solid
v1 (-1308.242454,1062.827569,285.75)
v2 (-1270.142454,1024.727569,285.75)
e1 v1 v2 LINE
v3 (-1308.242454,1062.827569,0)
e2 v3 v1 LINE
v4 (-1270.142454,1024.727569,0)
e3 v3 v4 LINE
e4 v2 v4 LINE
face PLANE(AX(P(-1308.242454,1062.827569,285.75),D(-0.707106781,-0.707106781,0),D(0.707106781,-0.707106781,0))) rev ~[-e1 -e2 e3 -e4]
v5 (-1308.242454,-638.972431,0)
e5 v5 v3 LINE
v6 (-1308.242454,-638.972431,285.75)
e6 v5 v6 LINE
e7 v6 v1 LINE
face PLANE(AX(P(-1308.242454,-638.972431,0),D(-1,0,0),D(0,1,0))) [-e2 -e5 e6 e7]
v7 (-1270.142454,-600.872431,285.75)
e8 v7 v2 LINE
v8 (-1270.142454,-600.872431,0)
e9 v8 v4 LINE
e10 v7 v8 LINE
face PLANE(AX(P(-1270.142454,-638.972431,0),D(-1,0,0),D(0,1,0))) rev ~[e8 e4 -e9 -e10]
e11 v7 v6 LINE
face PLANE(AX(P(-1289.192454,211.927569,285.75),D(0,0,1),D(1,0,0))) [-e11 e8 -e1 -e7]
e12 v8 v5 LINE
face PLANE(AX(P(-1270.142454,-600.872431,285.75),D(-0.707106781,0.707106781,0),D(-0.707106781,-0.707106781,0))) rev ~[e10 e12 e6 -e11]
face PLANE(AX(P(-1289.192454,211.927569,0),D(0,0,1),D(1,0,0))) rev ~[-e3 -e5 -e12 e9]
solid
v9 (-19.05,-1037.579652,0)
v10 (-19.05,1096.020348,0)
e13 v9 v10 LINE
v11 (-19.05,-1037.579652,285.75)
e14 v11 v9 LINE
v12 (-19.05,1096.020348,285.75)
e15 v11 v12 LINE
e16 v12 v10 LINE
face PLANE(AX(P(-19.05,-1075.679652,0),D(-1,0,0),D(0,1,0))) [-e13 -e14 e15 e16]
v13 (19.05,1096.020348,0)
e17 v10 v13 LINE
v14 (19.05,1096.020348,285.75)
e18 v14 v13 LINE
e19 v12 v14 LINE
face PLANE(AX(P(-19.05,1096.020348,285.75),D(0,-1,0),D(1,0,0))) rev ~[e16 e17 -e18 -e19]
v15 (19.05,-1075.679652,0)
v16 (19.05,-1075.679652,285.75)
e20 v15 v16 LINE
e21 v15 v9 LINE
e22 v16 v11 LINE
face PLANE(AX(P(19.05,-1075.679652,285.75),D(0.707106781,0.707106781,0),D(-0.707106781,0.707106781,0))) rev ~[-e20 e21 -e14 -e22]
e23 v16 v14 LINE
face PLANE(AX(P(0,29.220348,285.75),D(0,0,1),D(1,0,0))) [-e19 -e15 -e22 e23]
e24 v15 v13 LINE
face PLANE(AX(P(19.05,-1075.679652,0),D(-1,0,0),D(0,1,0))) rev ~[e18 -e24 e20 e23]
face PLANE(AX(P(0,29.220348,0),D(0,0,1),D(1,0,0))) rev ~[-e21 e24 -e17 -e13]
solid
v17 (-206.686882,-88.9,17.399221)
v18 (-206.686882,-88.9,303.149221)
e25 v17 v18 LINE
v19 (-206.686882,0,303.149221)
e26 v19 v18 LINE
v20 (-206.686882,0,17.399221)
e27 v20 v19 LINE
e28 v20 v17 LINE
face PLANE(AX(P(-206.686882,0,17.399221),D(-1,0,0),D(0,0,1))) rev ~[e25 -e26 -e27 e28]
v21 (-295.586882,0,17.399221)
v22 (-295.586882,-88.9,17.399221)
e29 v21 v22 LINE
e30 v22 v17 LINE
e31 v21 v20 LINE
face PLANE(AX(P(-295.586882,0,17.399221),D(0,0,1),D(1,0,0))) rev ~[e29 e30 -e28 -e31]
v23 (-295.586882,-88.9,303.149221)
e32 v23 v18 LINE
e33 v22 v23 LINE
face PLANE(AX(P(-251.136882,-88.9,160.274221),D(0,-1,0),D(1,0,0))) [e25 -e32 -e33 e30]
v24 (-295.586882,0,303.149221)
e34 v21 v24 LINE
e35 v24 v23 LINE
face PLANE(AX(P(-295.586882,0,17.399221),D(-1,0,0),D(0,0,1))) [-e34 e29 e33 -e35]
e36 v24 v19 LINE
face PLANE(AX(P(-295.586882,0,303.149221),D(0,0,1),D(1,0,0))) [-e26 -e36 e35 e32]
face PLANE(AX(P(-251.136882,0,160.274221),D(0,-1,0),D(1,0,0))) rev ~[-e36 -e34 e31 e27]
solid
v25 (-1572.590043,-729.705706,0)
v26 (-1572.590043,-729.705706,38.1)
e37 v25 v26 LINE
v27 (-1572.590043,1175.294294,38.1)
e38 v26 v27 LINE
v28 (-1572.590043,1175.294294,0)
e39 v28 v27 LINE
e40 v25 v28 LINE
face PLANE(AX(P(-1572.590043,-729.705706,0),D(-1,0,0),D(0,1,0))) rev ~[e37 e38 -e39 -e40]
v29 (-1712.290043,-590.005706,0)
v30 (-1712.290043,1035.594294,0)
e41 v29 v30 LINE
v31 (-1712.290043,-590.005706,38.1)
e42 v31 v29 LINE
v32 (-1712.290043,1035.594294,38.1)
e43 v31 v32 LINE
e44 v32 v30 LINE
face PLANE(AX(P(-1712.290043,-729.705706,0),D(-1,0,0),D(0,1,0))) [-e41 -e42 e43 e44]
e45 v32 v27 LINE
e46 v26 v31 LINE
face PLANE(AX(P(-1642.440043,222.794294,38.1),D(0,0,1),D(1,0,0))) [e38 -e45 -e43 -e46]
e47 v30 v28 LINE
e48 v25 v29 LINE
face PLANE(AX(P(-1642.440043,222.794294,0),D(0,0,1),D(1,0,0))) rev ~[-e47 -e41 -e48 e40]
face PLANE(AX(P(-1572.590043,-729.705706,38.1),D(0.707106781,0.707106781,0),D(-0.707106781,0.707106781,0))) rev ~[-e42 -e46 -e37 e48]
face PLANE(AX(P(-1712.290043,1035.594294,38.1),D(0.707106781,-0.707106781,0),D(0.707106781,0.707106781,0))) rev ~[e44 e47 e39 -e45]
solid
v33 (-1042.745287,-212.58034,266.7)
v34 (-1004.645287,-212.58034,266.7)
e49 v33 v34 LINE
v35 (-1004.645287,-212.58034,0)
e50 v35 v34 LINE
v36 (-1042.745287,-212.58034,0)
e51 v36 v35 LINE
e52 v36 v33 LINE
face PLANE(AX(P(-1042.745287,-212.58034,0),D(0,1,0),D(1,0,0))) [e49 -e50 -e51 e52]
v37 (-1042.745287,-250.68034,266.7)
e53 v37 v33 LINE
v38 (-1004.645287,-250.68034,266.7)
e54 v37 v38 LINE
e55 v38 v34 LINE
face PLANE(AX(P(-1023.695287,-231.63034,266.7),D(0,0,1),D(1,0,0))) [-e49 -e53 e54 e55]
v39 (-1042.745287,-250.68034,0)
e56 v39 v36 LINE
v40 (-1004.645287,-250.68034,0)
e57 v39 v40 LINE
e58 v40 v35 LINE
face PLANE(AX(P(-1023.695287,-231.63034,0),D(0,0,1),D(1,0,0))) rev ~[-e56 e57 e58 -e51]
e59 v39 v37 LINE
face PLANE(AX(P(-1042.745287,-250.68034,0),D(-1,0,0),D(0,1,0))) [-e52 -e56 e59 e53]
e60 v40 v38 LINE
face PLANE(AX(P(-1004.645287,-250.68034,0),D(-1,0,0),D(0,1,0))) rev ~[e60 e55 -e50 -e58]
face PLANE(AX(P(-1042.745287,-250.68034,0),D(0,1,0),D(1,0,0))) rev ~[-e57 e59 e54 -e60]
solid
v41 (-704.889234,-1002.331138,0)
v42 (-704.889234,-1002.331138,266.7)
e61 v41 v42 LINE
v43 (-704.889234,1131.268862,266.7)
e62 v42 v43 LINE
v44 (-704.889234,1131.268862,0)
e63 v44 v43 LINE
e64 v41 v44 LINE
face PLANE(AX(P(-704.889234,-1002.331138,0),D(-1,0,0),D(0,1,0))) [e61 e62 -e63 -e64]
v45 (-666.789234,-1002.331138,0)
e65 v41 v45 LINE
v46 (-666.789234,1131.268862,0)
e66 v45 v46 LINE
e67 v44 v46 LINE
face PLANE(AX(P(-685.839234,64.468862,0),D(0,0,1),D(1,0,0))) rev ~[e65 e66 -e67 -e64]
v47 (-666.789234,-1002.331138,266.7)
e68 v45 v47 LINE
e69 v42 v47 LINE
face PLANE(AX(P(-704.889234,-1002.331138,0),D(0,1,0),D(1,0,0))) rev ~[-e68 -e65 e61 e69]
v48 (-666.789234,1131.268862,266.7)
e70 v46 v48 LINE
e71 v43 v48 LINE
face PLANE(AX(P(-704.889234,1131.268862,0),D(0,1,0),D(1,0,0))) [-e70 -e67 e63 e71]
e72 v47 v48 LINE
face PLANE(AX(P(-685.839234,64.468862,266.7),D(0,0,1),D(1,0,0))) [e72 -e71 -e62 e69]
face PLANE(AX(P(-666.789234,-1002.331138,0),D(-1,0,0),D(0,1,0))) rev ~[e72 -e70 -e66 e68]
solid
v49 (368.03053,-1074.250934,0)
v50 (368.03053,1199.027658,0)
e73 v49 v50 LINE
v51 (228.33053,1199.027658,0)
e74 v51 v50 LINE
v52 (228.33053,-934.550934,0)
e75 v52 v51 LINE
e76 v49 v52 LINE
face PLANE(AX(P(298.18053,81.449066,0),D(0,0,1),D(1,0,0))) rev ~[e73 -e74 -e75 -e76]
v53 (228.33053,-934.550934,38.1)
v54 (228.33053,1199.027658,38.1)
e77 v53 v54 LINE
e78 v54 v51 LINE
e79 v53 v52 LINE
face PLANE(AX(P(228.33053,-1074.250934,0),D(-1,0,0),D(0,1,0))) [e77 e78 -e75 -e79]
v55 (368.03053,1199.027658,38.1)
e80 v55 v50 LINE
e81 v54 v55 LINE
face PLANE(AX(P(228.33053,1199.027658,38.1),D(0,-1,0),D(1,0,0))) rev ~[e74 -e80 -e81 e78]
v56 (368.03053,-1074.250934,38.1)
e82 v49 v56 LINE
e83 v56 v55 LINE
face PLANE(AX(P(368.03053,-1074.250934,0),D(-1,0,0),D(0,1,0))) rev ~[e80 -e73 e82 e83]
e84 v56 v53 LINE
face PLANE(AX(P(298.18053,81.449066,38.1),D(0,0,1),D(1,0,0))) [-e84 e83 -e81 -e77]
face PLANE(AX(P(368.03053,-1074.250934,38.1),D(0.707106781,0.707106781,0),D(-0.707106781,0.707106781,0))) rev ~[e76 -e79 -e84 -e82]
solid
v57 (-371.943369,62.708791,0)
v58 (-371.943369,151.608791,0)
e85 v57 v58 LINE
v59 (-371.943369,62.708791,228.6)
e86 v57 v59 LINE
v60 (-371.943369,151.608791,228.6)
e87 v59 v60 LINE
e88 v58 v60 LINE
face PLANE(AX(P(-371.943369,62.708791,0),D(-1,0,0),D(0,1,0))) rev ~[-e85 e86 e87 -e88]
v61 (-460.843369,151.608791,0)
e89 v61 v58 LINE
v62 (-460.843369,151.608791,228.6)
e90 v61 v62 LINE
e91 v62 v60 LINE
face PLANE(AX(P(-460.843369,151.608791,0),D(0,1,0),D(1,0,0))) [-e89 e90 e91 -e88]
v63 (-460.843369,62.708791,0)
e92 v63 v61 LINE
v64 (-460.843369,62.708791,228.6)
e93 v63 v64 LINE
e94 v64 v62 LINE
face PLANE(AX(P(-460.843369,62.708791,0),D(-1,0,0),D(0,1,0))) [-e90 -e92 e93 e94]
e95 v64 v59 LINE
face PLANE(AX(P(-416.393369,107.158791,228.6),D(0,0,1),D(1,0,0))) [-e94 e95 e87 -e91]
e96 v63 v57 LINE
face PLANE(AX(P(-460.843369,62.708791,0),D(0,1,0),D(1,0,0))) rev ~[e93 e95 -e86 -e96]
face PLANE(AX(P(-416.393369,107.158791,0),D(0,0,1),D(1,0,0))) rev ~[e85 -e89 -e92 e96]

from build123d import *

# Parameters (mm, degrees)
F0_W      = 38.1
F0_H      = 2209.8
F1_DEPTH  = 285.75
F3_DEPTH  = 285.751
F4_W      = 38.1
F4_H      = 1701.8
F5_DEPTH  = 285.75
F7_DEPTH  = 285.751
F9_DEPTH  = 285.751
F10_W     = 38.1
F10_H     = 2133.6
F11_DEPTH = 266.7
F12_W     = 38.1
F12_H     = 38.1
F13_DEPTH = 266.7
F14_W     = 88.9
F14_H     = 88.9
F15_DEPTH = 228.6
F16_W     = 139.7
F16_H     = 2311.4
F17_DEPTH = 38.1
F19_DEPTH = 38.101
F20_W     = 139.7
F20_H     = 1905
F21_DEPTH = 38.1
F23_DEPTH = 38.101
F25_DEPTH = 38.101
F26_W     = 88.9
F26_H     = 285.75
F27_DEPTH = 88.9
F29_DEPTH = 285.751
F31_DEPTH = 285.751
F32_W     = 139.7
F32_H     = 38.121408
F33_DEPTH = 38.101


with BuildPart() as f1:
    # F0 (on Top) → F1 (new body)
    with BuildSketch(Plane.XY):
        with Locations((0, 29.220348)):
            Rectangle(F0_W, F0_H)
    extrude(amount=F1_DEPTH)

    # F2 (on face) → F3 (cut, through all)
    with BuildSketch(Plane.XY.offset(285.75)):
        Polygon((-19.05, -1075.679652), (19.05, -1075.679652), (-19.05, -1037.579652), align=None)
    extrude(amount=-F3_DEPTH, mode=Mode.SUBTRACT)

    # F28 (on face) → F29 (cut, through all)
    with BuildSketch(Plane.XY.offset(285.75)):
        Polygon((19.05, 1134.120348), (-19.05, 1134.120348), (-19.05, 1096.020348), align=None)
    extrude(amount=-F29_DEPTH, mode=Mode.SUBTRACT)

    # F30 (on face) → F31 (cut, through all)
    with BuildSketch(Plane.XY.offset(285.75)):
        Polygon((19.05, 1096.020348), (19.05, 1134.120348), (-19.05, 1096.020348), align=None)
    extrude(amount=-F31_DEPTH, mode=Mode.SUBTRACT)


with BuildPart() as f5:
    # F4 (on Top) → F5 (new body)
    with BuildSketch(Plane.XY):
        with Locations((-1289.192454, 211.927569)):
            Rectangle(F4_W, F4_H)
    extrude(amount=F5_DEPTH)

    # F6 (on face) → F7 (cut, through all)
    with BuildSketch(Plane.XY.offset(285.75)):
        Polygon((-1270.142454, 1024.727569), (-1270.142454, 1062.827569), (-1308.242454, 1062.827569), align=None)
    extrude(amount=-F7_DEPTH, mode=Mode.SUBTRACT)

    # F8 (on face) → F9 (cut, through all)
    with BuildSketch(Plane.XY.offset(285.75)):
        Polygon((-1270.142454, -600.872431), (-1308.242454, -638.972431), (-1270.142454, -638.972431), align=None)
    extrude(amount=-F9_DEPTH, mode=Mode.SUBTRACT)


with BuildPart() as f11:
    # F10 (on Top) → F11 (new body)
    with BuildSketch(Plane.XY):
        with Locations((-685.839234, 64.468862)):
            Rectangle(F10_W, F10_H)
    extrude(amount=F11_DEPTH)


with BuildPart() as f13:
    # F12 (on Top) → F13 (new body)
    with BuildSketch(Plane.XY):
        with Locations((-1023.695287, -231.63034)):
            Rectangle(F12_W, F12_H)
    extrude(amount=F13_DEPTH)


with BuildPart() as f15:
    # F14 (on Top) → F15 (new body)
    with BuildSketch(Plane.XY):
        with Locations((-416.393369, 107.158791)):
            Rectangle(F14_W, F14_H)
    extrude(amount=F15_DEPTH)


with BuildPart() as f17:
    # F16 (on Top) → F17 (new body)
    with BuildSketch(Plane.XY):
        with Locations((298.18053, 81.449066)):
            Rectangle(F16_W, F16_H)
    extrude(amount=F17_DEPTH)

    # F18 (on face) → F19 (cut, through all)
    with BuildSketch(Plane.XY.offset(38.1)):
        Polygon((228.33053, -934.550934), (228.33053, -1074.250934), (368.03053, -1074.250934), align=None)
    extrude(amount=-F19_DEPTH, mode=Mode.SUBTRACT)

    # F32 (on face) → F33 (cut, through all)
    with BuildSketch(Plane.XY.offset(38.1)):
        with Locations((298.18053, 1218.088362)):
            Rectangle(F32_W, F32_H)
    extrude(amount=-F33_DEPTH, mode=Mode.SUBTRACT)


with BuildPart() as f21:
    # F20 (on Top) → F21 (new body)
    with BuildSketch(Plane.XY):
        with Locations((-1642.440043, 222.794294)):
            Rectangle(F20_W, F20_H)
    extrude(amount=F21_DEPTH)

    # F22 (on face) → F23 (cut, through all)
    with BuildSketch(Plane.XY.offset(38.1)):
        Polygon((-1712.290043, 1035.594294), (-1572.590043, 1175.294294), (-1712.290043, 1175.294294), align=None)
    extrude(amount=-F23_DEPTH, mode=Mode.SUBTRACT)

    # F24 (on face) → F25 (cut, through all)
    with BuildSketch(Plane.XY.offset(38.1)):
        Polygon((-1712.290043, -729.705706), (-1572.590043, -729.705706), (-1712.290043, -590.005706), align=None)
    extrude(amount=-F25_DEPTH, mode=Mode.SUBTRACT)


with BuildPart() as f27:
    # F26 (on Front) → F27 (new body)
    with BuildSketch(Plane.XZ):
        with Locations((-251.136882, 160.274221)):
            Rectangle(F26_W, F26_H)
    extrude(amount=F27_DEPTH)


solid = Compound([f1.part, f5.part, f11.part, f13.part, f15.part, f17.part, f21.part, f27.part])
